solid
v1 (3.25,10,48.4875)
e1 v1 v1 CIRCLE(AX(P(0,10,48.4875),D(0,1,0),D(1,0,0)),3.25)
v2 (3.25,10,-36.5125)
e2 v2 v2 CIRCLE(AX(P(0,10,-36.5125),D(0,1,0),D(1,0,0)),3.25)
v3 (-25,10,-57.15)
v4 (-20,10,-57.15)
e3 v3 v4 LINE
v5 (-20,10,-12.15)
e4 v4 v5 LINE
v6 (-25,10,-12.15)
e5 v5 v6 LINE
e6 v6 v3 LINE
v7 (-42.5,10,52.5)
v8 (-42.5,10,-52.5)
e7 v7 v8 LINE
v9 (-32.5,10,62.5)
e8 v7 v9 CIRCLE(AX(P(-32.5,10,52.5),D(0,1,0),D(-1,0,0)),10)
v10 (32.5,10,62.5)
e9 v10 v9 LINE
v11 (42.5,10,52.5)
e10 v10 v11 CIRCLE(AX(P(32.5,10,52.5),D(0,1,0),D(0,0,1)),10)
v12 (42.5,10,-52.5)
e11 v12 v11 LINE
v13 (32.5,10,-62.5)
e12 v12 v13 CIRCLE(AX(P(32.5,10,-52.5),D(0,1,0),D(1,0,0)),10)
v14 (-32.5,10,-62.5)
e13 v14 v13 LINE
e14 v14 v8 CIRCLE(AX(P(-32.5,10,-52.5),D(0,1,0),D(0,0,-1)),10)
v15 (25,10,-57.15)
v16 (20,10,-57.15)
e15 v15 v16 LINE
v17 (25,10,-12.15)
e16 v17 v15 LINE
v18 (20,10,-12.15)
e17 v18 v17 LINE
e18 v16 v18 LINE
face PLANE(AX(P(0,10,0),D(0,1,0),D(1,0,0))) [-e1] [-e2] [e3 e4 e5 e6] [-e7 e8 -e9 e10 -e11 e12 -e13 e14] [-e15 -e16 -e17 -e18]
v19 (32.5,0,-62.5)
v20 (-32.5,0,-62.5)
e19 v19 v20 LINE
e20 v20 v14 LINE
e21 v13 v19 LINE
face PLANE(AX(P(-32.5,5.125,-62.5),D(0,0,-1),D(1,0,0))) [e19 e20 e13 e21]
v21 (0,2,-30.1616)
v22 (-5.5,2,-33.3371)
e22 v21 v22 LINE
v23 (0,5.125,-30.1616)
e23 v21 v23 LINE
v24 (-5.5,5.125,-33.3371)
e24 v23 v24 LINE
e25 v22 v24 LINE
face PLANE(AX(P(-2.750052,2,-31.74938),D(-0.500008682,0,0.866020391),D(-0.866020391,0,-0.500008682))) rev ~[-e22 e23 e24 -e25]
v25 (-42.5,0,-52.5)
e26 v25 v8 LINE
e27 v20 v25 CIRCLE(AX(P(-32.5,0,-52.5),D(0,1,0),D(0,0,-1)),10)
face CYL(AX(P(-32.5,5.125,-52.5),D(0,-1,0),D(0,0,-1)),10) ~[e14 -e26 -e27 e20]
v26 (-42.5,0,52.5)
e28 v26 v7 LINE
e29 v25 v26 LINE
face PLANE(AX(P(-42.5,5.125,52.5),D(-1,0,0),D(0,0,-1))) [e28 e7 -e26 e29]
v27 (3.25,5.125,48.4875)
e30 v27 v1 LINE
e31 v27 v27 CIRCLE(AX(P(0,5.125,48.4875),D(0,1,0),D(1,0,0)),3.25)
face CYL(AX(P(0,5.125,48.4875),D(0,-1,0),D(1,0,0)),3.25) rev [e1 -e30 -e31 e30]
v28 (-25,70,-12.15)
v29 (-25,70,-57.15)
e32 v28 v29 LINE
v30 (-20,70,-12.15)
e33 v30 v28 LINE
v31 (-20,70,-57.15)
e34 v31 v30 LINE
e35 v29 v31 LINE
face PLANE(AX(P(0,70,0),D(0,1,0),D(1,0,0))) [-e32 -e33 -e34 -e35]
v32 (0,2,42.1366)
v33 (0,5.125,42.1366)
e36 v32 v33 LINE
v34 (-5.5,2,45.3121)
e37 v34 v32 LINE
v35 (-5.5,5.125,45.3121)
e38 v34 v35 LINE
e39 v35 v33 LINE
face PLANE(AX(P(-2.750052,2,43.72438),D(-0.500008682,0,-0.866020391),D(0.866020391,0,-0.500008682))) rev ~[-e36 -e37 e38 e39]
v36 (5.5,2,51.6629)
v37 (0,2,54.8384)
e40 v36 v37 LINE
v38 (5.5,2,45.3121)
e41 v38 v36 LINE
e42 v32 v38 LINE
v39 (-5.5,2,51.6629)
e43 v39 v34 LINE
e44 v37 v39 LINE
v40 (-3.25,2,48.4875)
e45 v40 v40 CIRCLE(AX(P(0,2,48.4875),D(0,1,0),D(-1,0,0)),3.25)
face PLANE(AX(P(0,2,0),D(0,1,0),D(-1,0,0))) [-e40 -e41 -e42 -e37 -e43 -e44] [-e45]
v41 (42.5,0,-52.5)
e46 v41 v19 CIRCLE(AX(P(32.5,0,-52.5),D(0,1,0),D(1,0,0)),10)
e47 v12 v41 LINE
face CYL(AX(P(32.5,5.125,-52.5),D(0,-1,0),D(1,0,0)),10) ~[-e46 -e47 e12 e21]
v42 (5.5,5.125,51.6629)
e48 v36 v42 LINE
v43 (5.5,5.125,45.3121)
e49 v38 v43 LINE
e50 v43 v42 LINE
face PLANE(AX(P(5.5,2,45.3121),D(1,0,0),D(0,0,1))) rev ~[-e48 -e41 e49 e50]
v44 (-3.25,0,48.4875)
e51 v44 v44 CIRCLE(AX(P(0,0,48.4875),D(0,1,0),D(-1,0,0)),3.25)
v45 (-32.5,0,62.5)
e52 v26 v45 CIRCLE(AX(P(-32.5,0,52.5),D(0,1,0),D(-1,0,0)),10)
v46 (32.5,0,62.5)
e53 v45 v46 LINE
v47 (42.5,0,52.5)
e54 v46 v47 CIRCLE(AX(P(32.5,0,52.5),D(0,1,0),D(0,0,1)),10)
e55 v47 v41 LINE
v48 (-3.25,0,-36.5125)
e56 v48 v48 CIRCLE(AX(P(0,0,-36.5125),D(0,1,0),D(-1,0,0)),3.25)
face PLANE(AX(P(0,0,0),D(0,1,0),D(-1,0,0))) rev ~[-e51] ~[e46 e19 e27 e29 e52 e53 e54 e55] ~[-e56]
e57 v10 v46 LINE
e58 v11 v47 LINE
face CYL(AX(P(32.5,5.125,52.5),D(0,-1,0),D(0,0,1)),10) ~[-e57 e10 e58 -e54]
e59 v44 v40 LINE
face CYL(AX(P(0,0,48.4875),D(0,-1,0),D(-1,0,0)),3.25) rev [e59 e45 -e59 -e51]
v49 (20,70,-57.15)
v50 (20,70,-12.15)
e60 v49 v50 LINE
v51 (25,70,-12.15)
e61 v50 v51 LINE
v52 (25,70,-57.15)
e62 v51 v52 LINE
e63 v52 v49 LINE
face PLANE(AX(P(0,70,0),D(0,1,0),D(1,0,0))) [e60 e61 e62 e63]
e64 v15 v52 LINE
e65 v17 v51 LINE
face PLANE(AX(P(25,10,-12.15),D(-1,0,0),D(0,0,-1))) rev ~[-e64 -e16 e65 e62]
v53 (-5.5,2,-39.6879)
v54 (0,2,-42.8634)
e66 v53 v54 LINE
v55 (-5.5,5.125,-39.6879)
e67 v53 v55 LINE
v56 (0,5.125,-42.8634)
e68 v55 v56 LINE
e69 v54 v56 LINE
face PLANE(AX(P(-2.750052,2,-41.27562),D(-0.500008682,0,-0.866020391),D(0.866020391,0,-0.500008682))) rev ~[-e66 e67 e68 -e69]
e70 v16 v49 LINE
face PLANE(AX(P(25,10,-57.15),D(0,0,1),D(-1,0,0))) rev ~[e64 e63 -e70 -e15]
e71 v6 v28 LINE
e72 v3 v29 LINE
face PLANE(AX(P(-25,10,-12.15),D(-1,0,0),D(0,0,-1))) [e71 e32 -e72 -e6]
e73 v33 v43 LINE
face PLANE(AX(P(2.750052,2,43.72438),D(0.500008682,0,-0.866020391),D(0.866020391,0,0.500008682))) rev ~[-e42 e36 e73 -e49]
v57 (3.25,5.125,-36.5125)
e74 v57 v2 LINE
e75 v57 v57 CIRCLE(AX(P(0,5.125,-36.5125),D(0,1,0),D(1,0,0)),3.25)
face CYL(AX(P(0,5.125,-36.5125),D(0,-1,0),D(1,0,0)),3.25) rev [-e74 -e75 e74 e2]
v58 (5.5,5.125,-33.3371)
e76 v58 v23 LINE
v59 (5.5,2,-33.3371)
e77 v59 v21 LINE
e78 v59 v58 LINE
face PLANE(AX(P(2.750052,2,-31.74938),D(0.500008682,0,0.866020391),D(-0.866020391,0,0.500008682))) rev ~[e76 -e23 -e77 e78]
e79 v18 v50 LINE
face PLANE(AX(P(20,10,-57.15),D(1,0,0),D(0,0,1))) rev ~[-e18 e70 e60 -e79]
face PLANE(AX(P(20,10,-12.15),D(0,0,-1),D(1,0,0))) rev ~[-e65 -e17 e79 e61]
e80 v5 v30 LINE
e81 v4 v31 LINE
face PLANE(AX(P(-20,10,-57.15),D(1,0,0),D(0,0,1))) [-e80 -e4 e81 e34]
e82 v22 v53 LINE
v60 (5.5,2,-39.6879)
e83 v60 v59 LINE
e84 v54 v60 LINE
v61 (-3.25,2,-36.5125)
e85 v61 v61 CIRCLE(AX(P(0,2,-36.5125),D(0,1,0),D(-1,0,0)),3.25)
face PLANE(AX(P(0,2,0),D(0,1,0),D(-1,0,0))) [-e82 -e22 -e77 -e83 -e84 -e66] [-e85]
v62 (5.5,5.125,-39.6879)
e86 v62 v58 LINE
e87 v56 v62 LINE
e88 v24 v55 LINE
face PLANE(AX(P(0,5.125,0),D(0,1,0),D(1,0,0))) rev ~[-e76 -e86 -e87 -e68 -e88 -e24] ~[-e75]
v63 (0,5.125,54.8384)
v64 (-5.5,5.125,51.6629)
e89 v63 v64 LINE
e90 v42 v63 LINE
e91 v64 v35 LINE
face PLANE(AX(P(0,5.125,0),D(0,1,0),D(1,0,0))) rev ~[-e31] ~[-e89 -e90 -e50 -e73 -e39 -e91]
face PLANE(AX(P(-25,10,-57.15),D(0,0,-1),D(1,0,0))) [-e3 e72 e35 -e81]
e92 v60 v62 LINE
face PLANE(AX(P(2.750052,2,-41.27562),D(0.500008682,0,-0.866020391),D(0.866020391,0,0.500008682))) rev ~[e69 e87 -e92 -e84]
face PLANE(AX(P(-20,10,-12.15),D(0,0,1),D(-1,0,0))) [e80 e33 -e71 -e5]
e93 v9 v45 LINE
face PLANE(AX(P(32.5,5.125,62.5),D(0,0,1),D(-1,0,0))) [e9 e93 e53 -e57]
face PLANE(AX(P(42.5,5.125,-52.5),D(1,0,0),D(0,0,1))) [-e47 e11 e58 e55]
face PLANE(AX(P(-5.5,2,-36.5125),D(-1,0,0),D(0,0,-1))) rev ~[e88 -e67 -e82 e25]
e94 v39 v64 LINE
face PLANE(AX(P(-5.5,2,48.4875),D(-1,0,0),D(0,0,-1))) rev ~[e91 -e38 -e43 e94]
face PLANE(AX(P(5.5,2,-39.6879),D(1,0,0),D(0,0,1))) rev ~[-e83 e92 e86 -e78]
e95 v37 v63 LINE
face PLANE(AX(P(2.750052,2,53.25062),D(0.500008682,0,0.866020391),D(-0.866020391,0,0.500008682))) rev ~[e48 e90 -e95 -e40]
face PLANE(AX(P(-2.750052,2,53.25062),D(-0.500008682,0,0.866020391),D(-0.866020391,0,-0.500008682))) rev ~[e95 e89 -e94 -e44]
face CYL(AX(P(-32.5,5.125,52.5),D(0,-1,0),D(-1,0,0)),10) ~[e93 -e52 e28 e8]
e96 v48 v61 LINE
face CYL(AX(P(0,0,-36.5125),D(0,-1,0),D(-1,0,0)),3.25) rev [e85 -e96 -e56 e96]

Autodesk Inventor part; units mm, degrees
ref_plane "YZ Plane" through (0, 0, 0) normal (1, 0, 0) x (0, 1, 0)
ref_plane "XZ Plane" through (0, 0, 0) normal (0, 1, 0) x (-1, 0, 0)
ref_plane "XY Plane" through (0, 0, 0) normal (0, 0, 1) x (1, 0, 0)
sketch "Sketch6" plane through (0, 0, 0) normal (0, 1, 0) x (-1, 0, 0)
  line L0 (32.5, 62.5) -> (-32.5, 62.5)
  line L1 (-42.5, 52.5) -> (-42.5, -52.5)
  line L2 (-32.5, -62.5) -> (32.5, -62.5)
  line L3 (42.5, -52.5) -> (42.5, 52.5)
  line L4 (42.5, 62.5) -> (-42.5, -62.5) construction
  line L5 (-42.5, 62.5) -> (42.5, -62.5) construction
  circle A0 centre (0, -36.5125) radius 3.25
  circle A1 centre (0, 48.4875) radius 3.25
  arc A2 (32.5, -62.5) -> (42.5, -52.5) centre (32.5, -52.5) ccw
  arc A3 (-42.5, -52.5) -> (-32.5, -62.5) centre (-32.5, -52.5) ccw
  arc A4 (-32.5, 62.5) -> (-42.5, 52.5) centre (-32.5, 52.5) ccw
  arc A5 (42.5, 52.5) -> (32.5, 62.5) centre (32.5, 52.5) ccw
  circle A6 centre (0, 48.4875) radius 5.5
  circle A7 centre (0, -36.5125) radius 5.5
  line L6 (-1.445, 54.6718) -> (4.6332, 52.8311)
  line L7 (4.6332, 52.8311) -> (6.0782, 46.6468)
  line L8 (6.0782, 46.6468) -> (1.445, 42.3032)
  line L9 (1.445, 42.3032) -> (-4.6332, 44.1439)
  line L10 (-4.6332, 44.1439) -> (-6.0782, 50.3282)
  line L11 (-6.0782, 50.3282) -> (-1.445, 54.6718)
  line L12 (-1.445, -30.3282) -> (4.6332, -32.1689)
  line L13 (4.6332, -32.1689) -> (6.0782, -38.3532)
  line L14 (6.0782, -38.3532) -> (1.445, -42.6968)
  line L15 (1.445, -42.6968) -> (-4.6332, -40.8561)
  line L16 (-4.6332, -40.8561) -> (-6.0782, -34.6718)
  line L17 (-6.0782, -34.6718) -> (-1.445, -30.3282)
  point P0 (0, 0)
  point P1 (-3.7616, 52.5)
  point P2 (-3.7616, -32.5)
  dimension "d48" = 11
  dimension "d49" = 11
  dimension "d42" = 85
  dimension "d43" = 125
  dimension "d44" = 6.5
  dimension "d45" = 6.5
  dimension "d46" = 85
  dimension "d47" = 10
extrude "Extrusion6" add sketch "Sketch6" along normal blind 2 contours A5 L3 A2 L2 A3 L1 A4 L0 | A6 | A6 L7 L8 | A6 L6 L7 | L8 L9 A6 | A6 L11 L6 | L9 L10 A6 | A6 L10 L11 | A7 | A7 L13 L14 | A7 L12 L13 | L14 L15 A7 | A7 L17 L12 | L15 L16 A7 | A7 L16 L17
sketch "Sketch7" plane through (0, 2, 0) normal (0, 1, 0) x (1, 0, 0)
  circle A0 centre (0, -48.4875) radius 3.25 projected
  circle A1 centre (0, -48.4875) radius 5.5
  circle A2 centre (0, 36.5125) radius 3.25 projected
  circle A3 centre (0, 36.5125) radius 5.5
  line L0 (5.5, -51.6629) -> (0, -54.8384)
  line L1 (0, -54.8384) -> (-5.5, -51.6629)
  line L2 (-5.5, -51.6629) -> (-5.5, -45.3121)
  line L3 (-5.5, -45.3121) -> (0, -42.1366)
  line L4 (0, -42.1366) -> (5.5, -45.3121)
  line L5 (5.5, -45.3121) -> (5.5, -51.6629)
  line L6 (5.5, 33.3371) -> (0, 30.1616)
  line L7 (0, 30.1616) -> (-5.5, 33.3371)
  line L8 (-5.5, 33.3371) -> (-5.5, 39.6879)
  line L9 (-5.5, 39.6879) -> (0, 42.8634)
  line L10 (0, 42.8634) -> (5.5, 39.6879)
  line L11 (5.5, 39.6879) -> (5.5, 33.3371)
  line L12 (-32.5, 62.5) -> (32.5, 62.5)
  line L13 (42.5, 52.5) -> (42.5, -52.5)
  line L14 (32.5, -62.5) -> (-32.5, -62.5)
  line L15 (-42.5, -52.5) -> (-42.5, 52.5)
  line L16 (-42.5, 62.5) -> (42.5, -62.5) construction
  line L17 (42.5, 62.5) -> (-42.5, -62.5) construction
  arc A4 (-42.5, -52.5) -> (-32.5, -62.5) centre (-32.5, -52.5) ccw
  arc A5 (-32.5, 62.5) -> (-42.5, 52.5) centre (-32.5, 52.5) ccw
  arc A6 (42.5, 52.5) -> (32.5, 62.5) centre (32.5, 52.5) ccw
  arc A7 (32.5, -62.5) -> (42.5, -52.5) centre (32.5, -52.5) ccw
  point P0 (0, 0)
  point P1 (5.5, -48.4875)
  point P2 (5.5, 36.5125)
  dimension "d52" = 11
  dimension "d53" = 11
  dimension "d54" = 125
  dimension "d61" = 10
extrude "Extrusion7" add sketch "Sketch7" along normal blind 3.125 contours L12 A6 L13 A7 L14 A4 L15 A5
sketch "Sketch8" plane through (0, 5.125, 0) normal (0, 1, 0) x (1, 0, 0)
  circle A0 centre (0, -48.4875) radius 3.25 projected
  circle A1 centre (0, -48.4875) radius 3.25
  circle A2 centre (0, 36.5125) radius 3.25 projected
  circle A3 centre (0, 36.5125) radius 3.25
  line L0 (-32.5, 62.5) -> (32.5, 62.5)
  line L1 (42.5, 52.5) -> (42.5, -52.5)
  line L2 (32.5, -62.5) -> (-32.5, -62.5)
  line L3 (-42.5, -52.5) -> (-42.5, 52.5)
  line L4 (-42.5, 62.5) -> (42.5, -62.5) construction
  line L5 (42.5, 62.5) -> (-42.5, -62.5) construction
  arc A4 (32.5, -62.5) -> (42.5, -52.5) centre (32.5, -52.5) ccw
  arc A5 (42.5, 52.5) -> (32.5, 62.5) centre (32.5, 52.5) ccw
  arc A6 (-32.5, 62.5) -> (-42.5, 52.5) centre (-32.5, 52.5) ccw
  arc A7 (-42.5, -52.5) -> (-32.5, -62.5) centre (-32.5, -52.5) ccw
  point P0 (0, 0)
  dimension "d62" = 10
extrude "Extrusion8" add sketch "Sketch8" along normal blind 4.875
sketch "Sketch9" plane through (0, 10, 0) normal (0, 1, 0) x (1, 0, 0)
  line L0 (0, -62.5) -> (0, 62.5)
  line L1 (32.5, 62.5) -> (-32.5, 62.5) projected
  line L2 (-25, 57.15) -> (-20, 57.15)
  line L3 (-20, 57.15) -> (-20, 12.15)
  line L4 (-20, 12.15) -> (-25, 12.15)
  line L5 (-25, 12.15) -> (-25, 57.15)
  line L6 (32.5, 62.5) -> (-32.5, 62.5) projected
  line L7 (25, 57.15) -> (20, 57.15)
  line L8 (20, 57.15) -> (20, 12.15)
  line L9 (20, 12.15) -> (25, 12.15)
  line L10 (25, 12.15) -> (25, 57.15)
  point P0 (0, 0)
  dimension "d65" = 5
  dimension "d66" = 45
  dimension "d67" = 20
extrude "Extrusion9" add sketch "Sketch9" along normal blind 60
properties part number "Camera Mount"
